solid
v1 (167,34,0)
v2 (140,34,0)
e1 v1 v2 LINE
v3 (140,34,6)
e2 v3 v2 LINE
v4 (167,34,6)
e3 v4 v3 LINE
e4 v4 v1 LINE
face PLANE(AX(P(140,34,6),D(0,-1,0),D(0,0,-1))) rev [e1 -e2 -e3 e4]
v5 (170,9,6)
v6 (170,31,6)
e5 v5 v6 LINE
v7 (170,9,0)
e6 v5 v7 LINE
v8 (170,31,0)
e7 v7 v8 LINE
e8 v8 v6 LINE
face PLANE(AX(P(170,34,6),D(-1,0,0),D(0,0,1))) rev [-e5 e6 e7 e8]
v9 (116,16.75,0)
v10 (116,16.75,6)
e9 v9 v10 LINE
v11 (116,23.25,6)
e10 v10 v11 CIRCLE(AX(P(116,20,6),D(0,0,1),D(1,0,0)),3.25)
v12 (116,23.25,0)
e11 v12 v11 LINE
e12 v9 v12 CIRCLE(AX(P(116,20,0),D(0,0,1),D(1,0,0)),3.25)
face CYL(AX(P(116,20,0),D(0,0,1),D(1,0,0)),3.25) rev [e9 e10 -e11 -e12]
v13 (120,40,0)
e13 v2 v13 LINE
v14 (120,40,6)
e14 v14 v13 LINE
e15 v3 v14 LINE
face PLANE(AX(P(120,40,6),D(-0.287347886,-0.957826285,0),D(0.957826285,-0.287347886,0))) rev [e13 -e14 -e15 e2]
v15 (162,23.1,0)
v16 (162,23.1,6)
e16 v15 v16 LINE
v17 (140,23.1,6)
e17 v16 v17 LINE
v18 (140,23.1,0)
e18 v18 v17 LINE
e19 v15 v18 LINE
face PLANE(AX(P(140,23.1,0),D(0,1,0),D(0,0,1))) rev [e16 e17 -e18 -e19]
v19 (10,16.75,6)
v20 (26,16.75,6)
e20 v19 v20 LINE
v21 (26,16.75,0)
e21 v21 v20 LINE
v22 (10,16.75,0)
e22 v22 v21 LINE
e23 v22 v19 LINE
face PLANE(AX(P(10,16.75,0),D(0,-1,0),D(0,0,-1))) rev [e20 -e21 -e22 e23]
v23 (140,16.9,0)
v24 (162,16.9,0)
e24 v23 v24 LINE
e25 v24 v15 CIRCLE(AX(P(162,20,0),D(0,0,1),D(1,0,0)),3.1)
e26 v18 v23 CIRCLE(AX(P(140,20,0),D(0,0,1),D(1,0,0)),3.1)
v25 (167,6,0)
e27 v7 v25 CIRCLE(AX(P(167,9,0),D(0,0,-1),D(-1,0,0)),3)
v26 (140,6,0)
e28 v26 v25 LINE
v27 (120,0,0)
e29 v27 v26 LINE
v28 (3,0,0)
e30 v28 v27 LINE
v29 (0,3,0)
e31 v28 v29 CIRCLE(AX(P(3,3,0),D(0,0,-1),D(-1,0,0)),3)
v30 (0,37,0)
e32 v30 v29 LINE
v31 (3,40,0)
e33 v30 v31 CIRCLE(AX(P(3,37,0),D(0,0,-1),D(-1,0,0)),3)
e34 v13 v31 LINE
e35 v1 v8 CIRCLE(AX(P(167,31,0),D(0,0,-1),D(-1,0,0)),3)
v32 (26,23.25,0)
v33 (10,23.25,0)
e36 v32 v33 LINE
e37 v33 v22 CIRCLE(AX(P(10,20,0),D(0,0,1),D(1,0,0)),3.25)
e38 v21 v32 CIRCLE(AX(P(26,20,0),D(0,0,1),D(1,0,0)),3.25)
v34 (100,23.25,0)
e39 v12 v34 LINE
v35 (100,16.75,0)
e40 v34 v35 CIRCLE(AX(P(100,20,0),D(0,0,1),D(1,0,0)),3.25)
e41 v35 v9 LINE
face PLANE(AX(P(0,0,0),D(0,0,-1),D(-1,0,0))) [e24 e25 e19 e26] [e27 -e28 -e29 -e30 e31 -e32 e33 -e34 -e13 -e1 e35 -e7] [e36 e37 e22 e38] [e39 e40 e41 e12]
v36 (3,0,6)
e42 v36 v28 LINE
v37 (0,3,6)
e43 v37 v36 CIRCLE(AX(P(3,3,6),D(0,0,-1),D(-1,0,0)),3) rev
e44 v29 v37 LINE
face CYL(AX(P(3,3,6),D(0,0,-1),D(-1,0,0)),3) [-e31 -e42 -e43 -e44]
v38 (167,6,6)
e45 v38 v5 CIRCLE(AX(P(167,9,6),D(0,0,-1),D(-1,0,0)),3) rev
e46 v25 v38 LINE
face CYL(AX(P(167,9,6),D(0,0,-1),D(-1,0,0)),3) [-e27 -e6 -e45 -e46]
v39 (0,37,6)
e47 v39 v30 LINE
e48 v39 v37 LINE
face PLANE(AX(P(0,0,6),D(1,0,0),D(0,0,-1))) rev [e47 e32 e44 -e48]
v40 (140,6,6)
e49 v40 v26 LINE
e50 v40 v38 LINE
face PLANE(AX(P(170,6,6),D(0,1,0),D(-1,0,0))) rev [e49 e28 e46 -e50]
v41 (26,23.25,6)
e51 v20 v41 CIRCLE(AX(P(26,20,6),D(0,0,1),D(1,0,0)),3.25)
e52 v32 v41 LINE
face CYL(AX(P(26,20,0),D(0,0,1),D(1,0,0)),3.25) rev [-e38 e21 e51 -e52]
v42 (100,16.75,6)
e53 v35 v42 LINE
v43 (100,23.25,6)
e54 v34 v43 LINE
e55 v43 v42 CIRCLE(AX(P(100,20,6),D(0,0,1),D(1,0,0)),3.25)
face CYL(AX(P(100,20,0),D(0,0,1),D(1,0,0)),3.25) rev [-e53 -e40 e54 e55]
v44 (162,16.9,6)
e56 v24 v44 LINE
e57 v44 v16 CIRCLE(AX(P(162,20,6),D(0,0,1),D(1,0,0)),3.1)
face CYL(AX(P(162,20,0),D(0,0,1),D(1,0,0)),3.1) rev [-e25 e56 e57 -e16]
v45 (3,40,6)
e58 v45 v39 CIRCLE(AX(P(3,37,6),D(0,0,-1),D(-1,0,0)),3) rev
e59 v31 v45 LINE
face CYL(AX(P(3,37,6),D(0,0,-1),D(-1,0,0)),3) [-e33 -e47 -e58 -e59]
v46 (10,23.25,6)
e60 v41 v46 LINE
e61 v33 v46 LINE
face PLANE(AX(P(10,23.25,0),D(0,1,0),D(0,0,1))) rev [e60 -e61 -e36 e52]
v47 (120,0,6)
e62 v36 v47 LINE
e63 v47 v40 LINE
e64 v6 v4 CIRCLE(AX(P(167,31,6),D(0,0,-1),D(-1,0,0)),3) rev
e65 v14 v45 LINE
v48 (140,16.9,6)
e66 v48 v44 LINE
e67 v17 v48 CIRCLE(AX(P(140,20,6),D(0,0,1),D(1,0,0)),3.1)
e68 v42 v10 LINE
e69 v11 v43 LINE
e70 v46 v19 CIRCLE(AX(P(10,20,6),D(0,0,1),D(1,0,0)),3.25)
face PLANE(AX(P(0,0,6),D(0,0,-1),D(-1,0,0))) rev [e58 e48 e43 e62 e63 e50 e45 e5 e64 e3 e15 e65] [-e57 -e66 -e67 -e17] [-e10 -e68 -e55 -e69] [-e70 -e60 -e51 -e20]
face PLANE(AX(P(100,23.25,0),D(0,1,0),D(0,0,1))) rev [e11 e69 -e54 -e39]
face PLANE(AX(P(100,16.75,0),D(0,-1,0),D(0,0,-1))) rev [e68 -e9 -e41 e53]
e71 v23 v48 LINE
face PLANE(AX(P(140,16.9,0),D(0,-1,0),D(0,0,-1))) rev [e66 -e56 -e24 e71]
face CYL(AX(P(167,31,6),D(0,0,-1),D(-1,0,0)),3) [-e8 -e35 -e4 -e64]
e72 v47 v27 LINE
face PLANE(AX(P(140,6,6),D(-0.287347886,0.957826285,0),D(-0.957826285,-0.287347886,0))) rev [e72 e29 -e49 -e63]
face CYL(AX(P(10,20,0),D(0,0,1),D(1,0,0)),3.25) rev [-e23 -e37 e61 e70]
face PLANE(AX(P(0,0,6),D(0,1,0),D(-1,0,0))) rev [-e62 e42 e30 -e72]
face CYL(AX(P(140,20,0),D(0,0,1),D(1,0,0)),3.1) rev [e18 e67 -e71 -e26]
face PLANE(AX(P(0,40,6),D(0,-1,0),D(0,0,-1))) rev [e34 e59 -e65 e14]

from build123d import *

# Parameters (mm, degrees)
EXTRUDE_1_DEPTH        = 6
CUT_EXTRUDE_1_DEPTH    = 6
CUT_EXTRUDE_2_DEPTH    = 6
PATTERN_LINEAR_1_COUNT = 2
PATTERN_LINEAR_1_PITCH = 90
FILLET_1_R             = 3


with BuildPart() as part:
    # 草图1 → 凸台-拉伸1 (new body)
    with BuildSketch(Plane.XY):
        Polygon((120, 40), (140, 34), (170, 34), (170, 6), (140, 6), (120, 0), (0, 0), (0, 40), align=None)
    extrude(amount=EXTRUDE_1_DEPTH)

    # 草图2 → 切除-拉伸1 (cut)
    with BuildSketch(Plane.XY.offset(6)):
        with BuildLine():
            Line((10, 23.25), (26, 23.25))
            ThreePointArc((26, 23.25), (29.25, 20), (26, 16.75))
            Line((26, 16.75), (10, 16.75))
            ThreePointArc((10, 16.75), (6.75, 20), (10, 23.25))
        make_face()
    cut_extrude_1 = extrude(amount=-CUT_EXTRUDE_1_DEPTH, mode=Mode.SUBTRACT)

    # 草图3 → 切除-拉伸2 (cut)
    with BuildSketch(Plane.XY.offset(6)):
        with BuildLine():
            Line((140, 23.1), (162, 23.1))
            ThreePointArc((162, 23.1), (165.1, 20), (162, 16.9))
            Line((162, 16.9), (140, 16.9))
            ThreePointArc((140, 16.9), (136.9, 20), (140, 23.1))
        make_face()
    extrude(amount=-CUT_EXTRUDE_2_DEPTH, mode=Mode.SUBTRACT)

    # 阵列(线性)1: 切除-拉伸1 ×2
    with Locations(*[(i * PATTERN_LINEAR_1_PITCH, 0, 0) for i in range(1, PATTERN_LINEAR_1_COUNT)]):
        add(cut_extrude_1, mode=Mode.SUBTRACT)

    # 圆角1
    fillet_1_edges = [part.edges().sort_by_distance(p)[0] for p in [
        (0, 40, 3),
        (170, 34, 3),
        (170, 6, 3),
        (0, 0, 3),
    ]]
    fillet(fillet_1_edges, radius=FILLET_1_R)


solid = part.part
